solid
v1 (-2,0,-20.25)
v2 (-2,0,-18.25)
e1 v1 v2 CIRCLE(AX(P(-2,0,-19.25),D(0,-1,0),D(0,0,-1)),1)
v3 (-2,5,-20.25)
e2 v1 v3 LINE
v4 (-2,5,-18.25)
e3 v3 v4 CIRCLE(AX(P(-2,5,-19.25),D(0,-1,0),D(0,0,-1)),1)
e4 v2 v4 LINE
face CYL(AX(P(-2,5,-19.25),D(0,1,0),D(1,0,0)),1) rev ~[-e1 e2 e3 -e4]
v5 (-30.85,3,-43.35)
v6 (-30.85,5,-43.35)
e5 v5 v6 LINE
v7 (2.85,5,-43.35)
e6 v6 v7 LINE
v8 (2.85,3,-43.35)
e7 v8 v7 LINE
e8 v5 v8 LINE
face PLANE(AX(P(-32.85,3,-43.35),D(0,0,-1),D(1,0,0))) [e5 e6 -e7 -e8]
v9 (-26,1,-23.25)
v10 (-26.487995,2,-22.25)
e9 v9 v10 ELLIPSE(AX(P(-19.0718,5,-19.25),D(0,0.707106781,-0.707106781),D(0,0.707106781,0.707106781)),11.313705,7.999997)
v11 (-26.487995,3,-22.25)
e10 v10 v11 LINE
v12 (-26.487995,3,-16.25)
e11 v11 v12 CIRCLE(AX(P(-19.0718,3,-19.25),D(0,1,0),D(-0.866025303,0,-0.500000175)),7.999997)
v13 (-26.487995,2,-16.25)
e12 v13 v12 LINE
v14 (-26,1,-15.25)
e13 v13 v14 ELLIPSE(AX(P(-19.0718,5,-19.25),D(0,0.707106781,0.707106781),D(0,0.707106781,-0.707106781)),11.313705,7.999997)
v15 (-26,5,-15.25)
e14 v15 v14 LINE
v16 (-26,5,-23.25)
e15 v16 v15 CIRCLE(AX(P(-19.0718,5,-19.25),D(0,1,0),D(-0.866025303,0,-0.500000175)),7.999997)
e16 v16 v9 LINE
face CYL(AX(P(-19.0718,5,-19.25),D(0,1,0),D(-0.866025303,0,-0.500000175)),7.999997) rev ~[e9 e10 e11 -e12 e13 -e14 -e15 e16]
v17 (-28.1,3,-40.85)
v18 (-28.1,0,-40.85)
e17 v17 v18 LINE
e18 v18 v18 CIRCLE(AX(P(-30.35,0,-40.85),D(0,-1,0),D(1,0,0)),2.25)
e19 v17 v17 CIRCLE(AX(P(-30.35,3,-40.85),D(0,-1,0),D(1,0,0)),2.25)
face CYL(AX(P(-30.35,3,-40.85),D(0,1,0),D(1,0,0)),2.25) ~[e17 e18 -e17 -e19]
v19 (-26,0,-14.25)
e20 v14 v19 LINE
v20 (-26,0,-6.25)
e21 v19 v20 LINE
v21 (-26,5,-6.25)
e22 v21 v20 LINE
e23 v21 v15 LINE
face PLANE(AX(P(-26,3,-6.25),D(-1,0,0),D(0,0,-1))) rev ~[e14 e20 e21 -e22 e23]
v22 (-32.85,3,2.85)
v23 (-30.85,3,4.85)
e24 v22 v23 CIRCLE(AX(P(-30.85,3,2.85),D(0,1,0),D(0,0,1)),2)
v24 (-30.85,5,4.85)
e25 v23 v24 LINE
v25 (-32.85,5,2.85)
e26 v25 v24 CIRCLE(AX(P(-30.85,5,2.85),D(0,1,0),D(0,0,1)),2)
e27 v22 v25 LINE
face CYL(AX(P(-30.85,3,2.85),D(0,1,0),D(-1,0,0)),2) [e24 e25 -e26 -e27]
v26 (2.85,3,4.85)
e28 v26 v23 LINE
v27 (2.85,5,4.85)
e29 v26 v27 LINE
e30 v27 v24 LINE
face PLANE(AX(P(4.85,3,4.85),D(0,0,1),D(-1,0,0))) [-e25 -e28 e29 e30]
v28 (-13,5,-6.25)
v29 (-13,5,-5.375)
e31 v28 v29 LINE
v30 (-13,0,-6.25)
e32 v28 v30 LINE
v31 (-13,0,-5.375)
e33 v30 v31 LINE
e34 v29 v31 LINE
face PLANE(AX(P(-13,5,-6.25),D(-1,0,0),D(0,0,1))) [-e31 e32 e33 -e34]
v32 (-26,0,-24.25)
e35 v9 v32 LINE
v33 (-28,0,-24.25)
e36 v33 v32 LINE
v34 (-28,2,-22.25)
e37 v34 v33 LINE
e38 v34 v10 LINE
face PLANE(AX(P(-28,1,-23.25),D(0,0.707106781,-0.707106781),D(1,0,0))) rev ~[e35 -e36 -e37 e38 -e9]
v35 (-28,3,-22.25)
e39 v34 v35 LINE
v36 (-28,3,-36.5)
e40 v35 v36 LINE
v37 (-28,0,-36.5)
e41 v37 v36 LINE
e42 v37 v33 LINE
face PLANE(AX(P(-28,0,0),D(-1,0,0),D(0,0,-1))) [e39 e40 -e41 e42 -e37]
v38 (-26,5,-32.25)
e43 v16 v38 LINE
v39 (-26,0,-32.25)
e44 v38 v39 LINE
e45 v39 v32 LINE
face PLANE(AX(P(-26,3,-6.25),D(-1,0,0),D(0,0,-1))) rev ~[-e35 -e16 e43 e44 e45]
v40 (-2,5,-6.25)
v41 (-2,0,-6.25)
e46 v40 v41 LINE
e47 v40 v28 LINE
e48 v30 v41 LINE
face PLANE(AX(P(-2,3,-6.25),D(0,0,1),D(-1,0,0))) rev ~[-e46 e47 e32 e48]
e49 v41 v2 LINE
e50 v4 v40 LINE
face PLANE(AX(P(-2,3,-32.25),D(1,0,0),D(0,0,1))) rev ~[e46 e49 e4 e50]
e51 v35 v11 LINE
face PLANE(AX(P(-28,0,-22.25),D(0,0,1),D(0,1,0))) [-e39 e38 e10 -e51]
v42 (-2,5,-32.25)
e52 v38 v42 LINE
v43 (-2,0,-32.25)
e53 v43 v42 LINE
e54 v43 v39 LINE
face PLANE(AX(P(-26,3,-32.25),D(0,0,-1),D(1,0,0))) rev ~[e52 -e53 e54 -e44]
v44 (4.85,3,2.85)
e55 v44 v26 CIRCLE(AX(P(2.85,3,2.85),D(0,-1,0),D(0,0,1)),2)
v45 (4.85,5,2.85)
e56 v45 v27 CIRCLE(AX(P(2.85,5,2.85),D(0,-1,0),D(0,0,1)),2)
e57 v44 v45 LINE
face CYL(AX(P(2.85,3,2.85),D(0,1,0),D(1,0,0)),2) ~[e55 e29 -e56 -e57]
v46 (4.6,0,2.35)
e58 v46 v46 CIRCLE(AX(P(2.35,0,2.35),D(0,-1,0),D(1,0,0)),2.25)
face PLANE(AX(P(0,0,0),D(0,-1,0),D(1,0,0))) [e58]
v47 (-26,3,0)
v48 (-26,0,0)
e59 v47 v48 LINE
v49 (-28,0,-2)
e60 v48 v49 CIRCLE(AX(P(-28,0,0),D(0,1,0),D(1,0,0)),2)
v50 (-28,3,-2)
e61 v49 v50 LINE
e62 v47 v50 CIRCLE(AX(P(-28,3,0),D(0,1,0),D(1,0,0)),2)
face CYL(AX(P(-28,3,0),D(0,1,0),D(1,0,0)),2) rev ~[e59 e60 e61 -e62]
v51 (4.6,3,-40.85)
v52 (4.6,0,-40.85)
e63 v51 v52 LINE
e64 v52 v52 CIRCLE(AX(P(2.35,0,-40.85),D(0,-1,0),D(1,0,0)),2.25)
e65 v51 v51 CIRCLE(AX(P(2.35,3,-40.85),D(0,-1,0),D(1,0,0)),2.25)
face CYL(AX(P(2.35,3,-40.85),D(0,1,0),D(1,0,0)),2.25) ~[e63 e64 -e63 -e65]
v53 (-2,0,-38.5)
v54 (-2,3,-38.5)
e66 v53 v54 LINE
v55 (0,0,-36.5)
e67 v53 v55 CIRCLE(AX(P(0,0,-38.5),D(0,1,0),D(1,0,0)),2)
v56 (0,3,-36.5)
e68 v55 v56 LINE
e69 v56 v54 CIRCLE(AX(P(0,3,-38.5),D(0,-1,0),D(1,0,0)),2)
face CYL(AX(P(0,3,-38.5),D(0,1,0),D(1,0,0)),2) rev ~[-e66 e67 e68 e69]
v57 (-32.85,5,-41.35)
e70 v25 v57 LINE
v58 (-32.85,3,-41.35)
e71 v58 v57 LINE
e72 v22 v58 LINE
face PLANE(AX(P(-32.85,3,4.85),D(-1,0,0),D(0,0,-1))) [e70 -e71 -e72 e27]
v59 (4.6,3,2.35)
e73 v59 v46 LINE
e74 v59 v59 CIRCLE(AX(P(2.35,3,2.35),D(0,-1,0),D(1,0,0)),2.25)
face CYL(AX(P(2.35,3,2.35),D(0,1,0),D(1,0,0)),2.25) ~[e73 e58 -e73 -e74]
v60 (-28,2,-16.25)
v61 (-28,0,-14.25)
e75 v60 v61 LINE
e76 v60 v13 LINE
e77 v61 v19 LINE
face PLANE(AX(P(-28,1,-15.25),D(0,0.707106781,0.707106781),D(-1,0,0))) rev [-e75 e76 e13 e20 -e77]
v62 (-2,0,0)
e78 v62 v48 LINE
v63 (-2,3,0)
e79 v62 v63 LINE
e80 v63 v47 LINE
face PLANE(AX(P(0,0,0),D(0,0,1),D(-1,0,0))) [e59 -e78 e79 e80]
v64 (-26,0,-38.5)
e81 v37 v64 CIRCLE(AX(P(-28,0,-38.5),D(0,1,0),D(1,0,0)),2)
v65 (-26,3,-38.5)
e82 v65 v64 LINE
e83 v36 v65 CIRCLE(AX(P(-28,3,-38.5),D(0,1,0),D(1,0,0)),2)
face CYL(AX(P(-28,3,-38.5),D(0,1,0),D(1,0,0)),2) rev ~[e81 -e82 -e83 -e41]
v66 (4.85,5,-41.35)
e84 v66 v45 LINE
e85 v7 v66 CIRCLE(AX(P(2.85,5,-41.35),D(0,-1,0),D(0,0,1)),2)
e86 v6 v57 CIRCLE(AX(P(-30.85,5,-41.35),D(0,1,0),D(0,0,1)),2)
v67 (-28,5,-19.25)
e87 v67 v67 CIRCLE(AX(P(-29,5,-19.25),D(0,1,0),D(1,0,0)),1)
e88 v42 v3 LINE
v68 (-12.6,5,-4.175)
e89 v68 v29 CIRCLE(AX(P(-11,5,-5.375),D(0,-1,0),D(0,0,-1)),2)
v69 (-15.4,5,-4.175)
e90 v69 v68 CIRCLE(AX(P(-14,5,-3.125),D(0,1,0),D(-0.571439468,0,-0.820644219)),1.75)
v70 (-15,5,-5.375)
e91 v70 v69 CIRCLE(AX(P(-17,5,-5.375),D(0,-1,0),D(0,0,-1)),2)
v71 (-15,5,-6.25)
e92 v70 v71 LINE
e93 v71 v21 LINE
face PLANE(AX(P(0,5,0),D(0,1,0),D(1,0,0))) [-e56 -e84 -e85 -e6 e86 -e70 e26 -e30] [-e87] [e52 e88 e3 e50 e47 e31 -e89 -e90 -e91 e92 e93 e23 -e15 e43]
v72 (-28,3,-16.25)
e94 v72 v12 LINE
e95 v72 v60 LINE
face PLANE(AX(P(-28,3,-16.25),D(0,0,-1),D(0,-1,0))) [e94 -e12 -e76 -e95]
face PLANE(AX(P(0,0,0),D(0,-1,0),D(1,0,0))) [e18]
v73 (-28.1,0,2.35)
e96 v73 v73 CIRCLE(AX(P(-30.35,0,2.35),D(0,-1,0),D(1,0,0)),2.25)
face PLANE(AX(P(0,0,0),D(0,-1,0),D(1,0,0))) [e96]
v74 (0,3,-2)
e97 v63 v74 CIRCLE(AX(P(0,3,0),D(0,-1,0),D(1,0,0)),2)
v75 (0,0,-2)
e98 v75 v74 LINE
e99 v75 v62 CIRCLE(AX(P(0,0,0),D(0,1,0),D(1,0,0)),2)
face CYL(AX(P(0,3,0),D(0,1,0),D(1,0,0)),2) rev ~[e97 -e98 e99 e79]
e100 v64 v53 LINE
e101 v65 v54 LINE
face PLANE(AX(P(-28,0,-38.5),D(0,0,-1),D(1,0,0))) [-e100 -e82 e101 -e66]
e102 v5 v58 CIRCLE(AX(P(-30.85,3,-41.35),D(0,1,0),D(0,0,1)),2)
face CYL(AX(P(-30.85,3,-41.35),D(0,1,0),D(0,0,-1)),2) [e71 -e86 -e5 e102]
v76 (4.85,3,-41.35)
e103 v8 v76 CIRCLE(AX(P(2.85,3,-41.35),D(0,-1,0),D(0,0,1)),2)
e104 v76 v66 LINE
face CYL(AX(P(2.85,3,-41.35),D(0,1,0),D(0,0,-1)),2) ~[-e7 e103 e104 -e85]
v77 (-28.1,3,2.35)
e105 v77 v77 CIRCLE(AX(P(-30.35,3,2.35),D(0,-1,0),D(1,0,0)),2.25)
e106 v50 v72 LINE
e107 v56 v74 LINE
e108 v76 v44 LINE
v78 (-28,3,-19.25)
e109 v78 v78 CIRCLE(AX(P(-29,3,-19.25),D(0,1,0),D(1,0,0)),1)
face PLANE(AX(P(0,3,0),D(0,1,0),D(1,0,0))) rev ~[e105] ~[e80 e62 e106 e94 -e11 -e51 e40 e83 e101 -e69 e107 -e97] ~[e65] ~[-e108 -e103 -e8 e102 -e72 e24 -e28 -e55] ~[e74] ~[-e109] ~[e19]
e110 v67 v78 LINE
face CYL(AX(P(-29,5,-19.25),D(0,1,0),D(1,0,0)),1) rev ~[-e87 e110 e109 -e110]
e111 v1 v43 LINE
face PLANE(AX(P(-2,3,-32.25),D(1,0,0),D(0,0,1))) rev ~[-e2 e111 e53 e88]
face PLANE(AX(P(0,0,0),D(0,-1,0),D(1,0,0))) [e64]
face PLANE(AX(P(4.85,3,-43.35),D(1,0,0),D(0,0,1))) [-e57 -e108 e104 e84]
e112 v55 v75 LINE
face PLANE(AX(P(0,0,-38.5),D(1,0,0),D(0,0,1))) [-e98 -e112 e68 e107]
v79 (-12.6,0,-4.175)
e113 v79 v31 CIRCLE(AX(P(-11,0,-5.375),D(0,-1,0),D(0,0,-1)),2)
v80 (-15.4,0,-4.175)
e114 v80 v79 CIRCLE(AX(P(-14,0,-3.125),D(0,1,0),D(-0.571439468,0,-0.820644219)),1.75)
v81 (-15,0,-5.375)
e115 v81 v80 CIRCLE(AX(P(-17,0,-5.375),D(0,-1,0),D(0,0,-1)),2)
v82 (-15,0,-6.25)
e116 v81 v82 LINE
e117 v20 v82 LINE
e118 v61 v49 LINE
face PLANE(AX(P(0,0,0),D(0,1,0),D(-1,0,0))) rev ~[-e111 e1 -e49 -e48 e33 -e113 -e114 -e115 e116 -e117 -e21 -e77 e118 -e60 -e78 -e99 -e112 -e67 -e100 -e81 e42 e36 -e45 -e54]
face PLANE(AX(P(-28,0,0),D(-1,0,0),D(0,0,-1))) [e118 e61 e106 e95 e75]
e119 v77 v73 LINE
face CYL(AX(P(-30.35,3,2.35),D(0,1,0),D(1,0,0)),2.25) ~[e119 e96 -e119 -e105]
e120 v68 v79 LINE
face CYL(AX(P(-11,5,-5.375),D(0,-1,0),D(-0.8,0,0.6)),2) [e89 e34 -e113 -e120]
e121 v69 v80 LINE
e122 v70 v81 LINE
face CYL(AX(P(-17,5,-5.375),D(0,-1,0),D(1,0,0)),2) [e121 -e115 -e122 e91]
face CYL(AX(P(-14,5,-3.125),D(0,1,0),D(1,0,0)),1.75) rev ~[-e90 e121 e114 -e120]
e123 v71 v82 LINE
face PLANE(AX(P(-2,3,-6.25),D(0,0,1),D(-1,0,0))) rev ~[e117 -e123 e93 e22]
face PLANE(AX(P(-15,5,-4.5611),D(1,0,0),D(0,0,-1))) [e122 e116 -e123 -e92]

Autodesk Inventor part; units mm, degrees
ref_plane "YZ Plane" through (0, 0, 0) normal (1, 0, 0) x (0, 1, 0)
ref_plane "XZ Plane" through (0, 0, 0) normal (0, 1, 0) x (-1, 0, 0)
ref_plane "XY Plane" through (0, 0, 0) normal (0, 0, 1) x (1, 0, 0)
sketch "Sketch1" plane through (0, 0, 0) normal (0, 1, 0) x (-1, 0, 0)
  line L0 (0, 0) -> (28, 0)
  line L1 (28, 0) -> (28, -38.5)
  line L2 (28, -38.5) -> (0, -38.5)
  line L3 (0, -38.5) -> (0, 0)
  line L4 (26, -6.25) -> (2, -6.25)
  line L5 (2, -6.25) -> (2, -32.25)
  line L6 (2, -32.25) -> (26, -32.25)
  line L7 (26, -32.25) -> (26, -6.25)
  dimension "d0" = 28
  dimension "d1" = 38.5
  dimension "d2" = 24
  dimension "d3" = 26
  dimension "d43" = 2
  dimension "d44" = 6.25
extrude "Extrusion1" add sketch "Sketch1" along normal blind 3
sketch "Sketch2" plane through (0, 3, 0) normal (0, 1, 0) x (1, 0, 0)
  line L0 (-28, 0) -> (0, 0) projected
  circle A0 centre (0, 0) radius 2
  circle A1 centre (-28, 0) radius 2
  line L1 (0, 38.5) -> (-28, 38.5) projected
  circle A2 centre (-28, 38.5) radius 2
  circle A3 centre (0, 38.5) radius 2
  dimension "d8" = 4
  dimension "d9" = 4
  dimension "d10" = 4
  dimension "d11" = 4
extrude "Extrusion2" cut sketch "Sketch2" against normal blind 3
sketch "Sketch3" plane through (0, 3, 0) normal (0, 1, 0) x (1, 0, 0)
  line L0 (-32.85, 43.35) -> (4.85, 43.35)
  line L1 (4.85, 43.35) -> (4.85, -4.85)
  line L2 (4.85, -4.85) -> (-32.85, -4.85)
  line L3 (-32.85, -4.85) -> (-32.85, 43.35)
  line L4 (-2, 38.5) -> (-26, 38.5) projected
  line L5 (0, 2) -> (0, 36.5) projected
  line L6 (-2, 32.25) -> (-2, 6.25) projected
  line L7 (-26, 6.25) -> (-26, 32.25) projected
  line L8 (-2, 6.25) -> (-26, 6.25)
  line L9 (-26, 6.25) -> (-26, 32.25)
  line L10 (-26, 32.25) -> (-2, 32.25)
  line L11 (-2, 32.25) -> (-2, 6.25)
  point P0 (0, 0)
  point P1 (-26, 6.25)
  dimension "d14" = 48.2
  dimension "d15" = 37.7
  dimension "d16" = 4.85
  dimension "d17" = 4.85
extrude "Extrusion3" add sketch "Sketch3" along normal blind 2
sketch "Sketch4" plane through (0, 3, 0) normal (0, -1, 0) x (1, 0, 0)
  circle A0 centre (2.35, -40.85) radius 2.25
  line L0 (-2, -38.5) -> (-26, -38.5) projected
  line L1 (0, -2) -> (0, -36.5) projected
  circle A1 centre (-30.35, -40.85) radius 2.25
  line L2 (-28, -36.5) -> (-28, -2) projected
  circle A2 centre (-30.35, 2.35) radius 2.25
  line L3 (-26, 0) -> (-2, 0) projected
  circle A3 centre (2.35, 2.35) radius 2.25
  point P0 (0, 0)
  dimension "d20" = 4.5
  dimension "d21" = 2.35
  dimension "d22" = 2.35
  dimension "d23" = 4.5
  dimension "d24" = 2.35
  dimension "d25" = 2.35
  dimension "d26" = 4.5
  dimension "d27" = 2.35
  dimension "d28" = 4.5
  dimension "d29" = 2.35
  dimension "d30" = 2.35
  dimension "d31" = 2.35
extrude "Extrusion4" add sketch "Sketch4" along normal blind 3
fillet "Fillet1" radius 2 4 edges at (4.85, 4, -43.35) (4.85, 4, 4.85) (-32.85, 4, 4.85) (-32.85, 4, -43.35)
sketch "Sketch5" plane through (0, 5, 0) normal (0, 1, 0) x (1, 0, 0)
  line L0 (-26, 32.25) -> (-2, 32.25) projected
  line L1 (-2, 6.25) -> (-26, 6.25) projected
  line L2 (-2, 32.25) -> (-2, 6.25) projected
  line L3 (-26, 6.25) -> (-26, 32.25) projected
  circle A0 centre (-2, 19.25) radius 1
  circle A1 centre (-29, 19.25) radius 1
  line L4 (4.85, -2.85) -> (4.85, 41.35) projected
  point P0 (0, 0)
  dimension "d45" = 2
  dimension "d46" = 2
  dimension "d47" = 13
  dimension "d50" = 13
  dimension "d73" = 27
  dimension "d75" = 3
extrude "Extrusion6" cut sketch "Sketch5" against normal through all contours A0 L2 | L2 A0 | A1
sketch "Sketch6" plane through (-28, 0, -36.5) normal (-1, 0, 0) x (0, 0, 1)
  line L0 (0, 0) -> (34.5, 0) projected
  line L1 (-4.85, 3) -> (39.35, 3) projected
  line L2 (20.25, 0) -> (14.25, 0)
  line L3 (14.25, 0) -> (14.25, 3)
  line L4 (14.25, 3) -> (20.25, 3)
  line L5 (20.25, 3) -> (20.25, 0)
  line L6 (41.35, 3) -> (41.35, 5) projected
  point P0 (36.5, 0)
  point P1 (41.35, 4)
  dimension "d53" = 6
  dimension "d54" = 21.1
extrude "Extrusion7" cut sketch "Sketch6" against normal blind 10
chamfer "Chamfer1" distance 2 angle 45 2 edges at (-27, 0, -22.25) (-27, 0, -16.25)
sketch "Sketch7" plane through (0, 5, 0) normal (0, 1, 0) x (1, 0, 0)
  line L0 (-30.85, -4.85) -> (2.85, -4.85) projected
  line L1 (-26, 6.25) -> (-26, 32.25) projected
  arc A0 (-26, 23.25) -> (-26, 15.25) centre (-19.0718, 19.25) ccw
  line L2 (-26, 23.25) -> (-26, 15.25)
  point P0 (0, 0)
  dimension "d63" = 8
  dimension "d64" = 20.1
  dimension "d65" = 8
extrude "Extrusion8" cut sketch "Sketch7" against normal blind 10
sketch "Sketch8" plane through (0, 5, 0) normal (0, 1, 0) x (1, 0, 0)
  circle A0 centre (-14, 3.125) radius 1.75
  line L0 (-2, 6.25) -> (-26, 6.25) projected
  line L1 (-26, 0) -> (-2, 0) projected
  line L2 (-32.85, 41.35) -> (-32.85, -2.85) projected
  point P0 (0, 0)
  dimension "d68" = 3.5
  dimension "d69" = 3.125
  dimension "d70" = 18.85
extrude "Extrusion9" cut sketch "Sketch8" against normal through all
sketch "Sketch9" plane through (0, 5, 0) normal (0, 1, 0) x (1, 0, 0)
  circle A0 centre (-14, 3.125) radius 1.75 projected
  line L0 (-15, 4.5611) -> (-15, 6.25)
  line L1 (-15, 6.25) -> (-13, 6.25)
  line L2 (-13, 6.25) -> (-13, 4.5611)
  arc A1 (-13, 4.5611) -> (-15, 4.5611) centre (-14, 3.125) ccw
  line L3 (-2, 6.25) -> (-26, 6.25) projected
  point P0 (0, 0)
  point P1 (-14, 6.25)
  dimension "d76" = 2
  dimension "d77" = 1
extrude "Extrusion10" cut sketch "Sketch9" against normal through all contours A0 L0 L1 L2
fillet "Fillet2" radius 2 2 edges at (-15, 2.5, -4.5611) (-13, 2.5, -4.5611)
properties part number "ServoFullMountInsert"
